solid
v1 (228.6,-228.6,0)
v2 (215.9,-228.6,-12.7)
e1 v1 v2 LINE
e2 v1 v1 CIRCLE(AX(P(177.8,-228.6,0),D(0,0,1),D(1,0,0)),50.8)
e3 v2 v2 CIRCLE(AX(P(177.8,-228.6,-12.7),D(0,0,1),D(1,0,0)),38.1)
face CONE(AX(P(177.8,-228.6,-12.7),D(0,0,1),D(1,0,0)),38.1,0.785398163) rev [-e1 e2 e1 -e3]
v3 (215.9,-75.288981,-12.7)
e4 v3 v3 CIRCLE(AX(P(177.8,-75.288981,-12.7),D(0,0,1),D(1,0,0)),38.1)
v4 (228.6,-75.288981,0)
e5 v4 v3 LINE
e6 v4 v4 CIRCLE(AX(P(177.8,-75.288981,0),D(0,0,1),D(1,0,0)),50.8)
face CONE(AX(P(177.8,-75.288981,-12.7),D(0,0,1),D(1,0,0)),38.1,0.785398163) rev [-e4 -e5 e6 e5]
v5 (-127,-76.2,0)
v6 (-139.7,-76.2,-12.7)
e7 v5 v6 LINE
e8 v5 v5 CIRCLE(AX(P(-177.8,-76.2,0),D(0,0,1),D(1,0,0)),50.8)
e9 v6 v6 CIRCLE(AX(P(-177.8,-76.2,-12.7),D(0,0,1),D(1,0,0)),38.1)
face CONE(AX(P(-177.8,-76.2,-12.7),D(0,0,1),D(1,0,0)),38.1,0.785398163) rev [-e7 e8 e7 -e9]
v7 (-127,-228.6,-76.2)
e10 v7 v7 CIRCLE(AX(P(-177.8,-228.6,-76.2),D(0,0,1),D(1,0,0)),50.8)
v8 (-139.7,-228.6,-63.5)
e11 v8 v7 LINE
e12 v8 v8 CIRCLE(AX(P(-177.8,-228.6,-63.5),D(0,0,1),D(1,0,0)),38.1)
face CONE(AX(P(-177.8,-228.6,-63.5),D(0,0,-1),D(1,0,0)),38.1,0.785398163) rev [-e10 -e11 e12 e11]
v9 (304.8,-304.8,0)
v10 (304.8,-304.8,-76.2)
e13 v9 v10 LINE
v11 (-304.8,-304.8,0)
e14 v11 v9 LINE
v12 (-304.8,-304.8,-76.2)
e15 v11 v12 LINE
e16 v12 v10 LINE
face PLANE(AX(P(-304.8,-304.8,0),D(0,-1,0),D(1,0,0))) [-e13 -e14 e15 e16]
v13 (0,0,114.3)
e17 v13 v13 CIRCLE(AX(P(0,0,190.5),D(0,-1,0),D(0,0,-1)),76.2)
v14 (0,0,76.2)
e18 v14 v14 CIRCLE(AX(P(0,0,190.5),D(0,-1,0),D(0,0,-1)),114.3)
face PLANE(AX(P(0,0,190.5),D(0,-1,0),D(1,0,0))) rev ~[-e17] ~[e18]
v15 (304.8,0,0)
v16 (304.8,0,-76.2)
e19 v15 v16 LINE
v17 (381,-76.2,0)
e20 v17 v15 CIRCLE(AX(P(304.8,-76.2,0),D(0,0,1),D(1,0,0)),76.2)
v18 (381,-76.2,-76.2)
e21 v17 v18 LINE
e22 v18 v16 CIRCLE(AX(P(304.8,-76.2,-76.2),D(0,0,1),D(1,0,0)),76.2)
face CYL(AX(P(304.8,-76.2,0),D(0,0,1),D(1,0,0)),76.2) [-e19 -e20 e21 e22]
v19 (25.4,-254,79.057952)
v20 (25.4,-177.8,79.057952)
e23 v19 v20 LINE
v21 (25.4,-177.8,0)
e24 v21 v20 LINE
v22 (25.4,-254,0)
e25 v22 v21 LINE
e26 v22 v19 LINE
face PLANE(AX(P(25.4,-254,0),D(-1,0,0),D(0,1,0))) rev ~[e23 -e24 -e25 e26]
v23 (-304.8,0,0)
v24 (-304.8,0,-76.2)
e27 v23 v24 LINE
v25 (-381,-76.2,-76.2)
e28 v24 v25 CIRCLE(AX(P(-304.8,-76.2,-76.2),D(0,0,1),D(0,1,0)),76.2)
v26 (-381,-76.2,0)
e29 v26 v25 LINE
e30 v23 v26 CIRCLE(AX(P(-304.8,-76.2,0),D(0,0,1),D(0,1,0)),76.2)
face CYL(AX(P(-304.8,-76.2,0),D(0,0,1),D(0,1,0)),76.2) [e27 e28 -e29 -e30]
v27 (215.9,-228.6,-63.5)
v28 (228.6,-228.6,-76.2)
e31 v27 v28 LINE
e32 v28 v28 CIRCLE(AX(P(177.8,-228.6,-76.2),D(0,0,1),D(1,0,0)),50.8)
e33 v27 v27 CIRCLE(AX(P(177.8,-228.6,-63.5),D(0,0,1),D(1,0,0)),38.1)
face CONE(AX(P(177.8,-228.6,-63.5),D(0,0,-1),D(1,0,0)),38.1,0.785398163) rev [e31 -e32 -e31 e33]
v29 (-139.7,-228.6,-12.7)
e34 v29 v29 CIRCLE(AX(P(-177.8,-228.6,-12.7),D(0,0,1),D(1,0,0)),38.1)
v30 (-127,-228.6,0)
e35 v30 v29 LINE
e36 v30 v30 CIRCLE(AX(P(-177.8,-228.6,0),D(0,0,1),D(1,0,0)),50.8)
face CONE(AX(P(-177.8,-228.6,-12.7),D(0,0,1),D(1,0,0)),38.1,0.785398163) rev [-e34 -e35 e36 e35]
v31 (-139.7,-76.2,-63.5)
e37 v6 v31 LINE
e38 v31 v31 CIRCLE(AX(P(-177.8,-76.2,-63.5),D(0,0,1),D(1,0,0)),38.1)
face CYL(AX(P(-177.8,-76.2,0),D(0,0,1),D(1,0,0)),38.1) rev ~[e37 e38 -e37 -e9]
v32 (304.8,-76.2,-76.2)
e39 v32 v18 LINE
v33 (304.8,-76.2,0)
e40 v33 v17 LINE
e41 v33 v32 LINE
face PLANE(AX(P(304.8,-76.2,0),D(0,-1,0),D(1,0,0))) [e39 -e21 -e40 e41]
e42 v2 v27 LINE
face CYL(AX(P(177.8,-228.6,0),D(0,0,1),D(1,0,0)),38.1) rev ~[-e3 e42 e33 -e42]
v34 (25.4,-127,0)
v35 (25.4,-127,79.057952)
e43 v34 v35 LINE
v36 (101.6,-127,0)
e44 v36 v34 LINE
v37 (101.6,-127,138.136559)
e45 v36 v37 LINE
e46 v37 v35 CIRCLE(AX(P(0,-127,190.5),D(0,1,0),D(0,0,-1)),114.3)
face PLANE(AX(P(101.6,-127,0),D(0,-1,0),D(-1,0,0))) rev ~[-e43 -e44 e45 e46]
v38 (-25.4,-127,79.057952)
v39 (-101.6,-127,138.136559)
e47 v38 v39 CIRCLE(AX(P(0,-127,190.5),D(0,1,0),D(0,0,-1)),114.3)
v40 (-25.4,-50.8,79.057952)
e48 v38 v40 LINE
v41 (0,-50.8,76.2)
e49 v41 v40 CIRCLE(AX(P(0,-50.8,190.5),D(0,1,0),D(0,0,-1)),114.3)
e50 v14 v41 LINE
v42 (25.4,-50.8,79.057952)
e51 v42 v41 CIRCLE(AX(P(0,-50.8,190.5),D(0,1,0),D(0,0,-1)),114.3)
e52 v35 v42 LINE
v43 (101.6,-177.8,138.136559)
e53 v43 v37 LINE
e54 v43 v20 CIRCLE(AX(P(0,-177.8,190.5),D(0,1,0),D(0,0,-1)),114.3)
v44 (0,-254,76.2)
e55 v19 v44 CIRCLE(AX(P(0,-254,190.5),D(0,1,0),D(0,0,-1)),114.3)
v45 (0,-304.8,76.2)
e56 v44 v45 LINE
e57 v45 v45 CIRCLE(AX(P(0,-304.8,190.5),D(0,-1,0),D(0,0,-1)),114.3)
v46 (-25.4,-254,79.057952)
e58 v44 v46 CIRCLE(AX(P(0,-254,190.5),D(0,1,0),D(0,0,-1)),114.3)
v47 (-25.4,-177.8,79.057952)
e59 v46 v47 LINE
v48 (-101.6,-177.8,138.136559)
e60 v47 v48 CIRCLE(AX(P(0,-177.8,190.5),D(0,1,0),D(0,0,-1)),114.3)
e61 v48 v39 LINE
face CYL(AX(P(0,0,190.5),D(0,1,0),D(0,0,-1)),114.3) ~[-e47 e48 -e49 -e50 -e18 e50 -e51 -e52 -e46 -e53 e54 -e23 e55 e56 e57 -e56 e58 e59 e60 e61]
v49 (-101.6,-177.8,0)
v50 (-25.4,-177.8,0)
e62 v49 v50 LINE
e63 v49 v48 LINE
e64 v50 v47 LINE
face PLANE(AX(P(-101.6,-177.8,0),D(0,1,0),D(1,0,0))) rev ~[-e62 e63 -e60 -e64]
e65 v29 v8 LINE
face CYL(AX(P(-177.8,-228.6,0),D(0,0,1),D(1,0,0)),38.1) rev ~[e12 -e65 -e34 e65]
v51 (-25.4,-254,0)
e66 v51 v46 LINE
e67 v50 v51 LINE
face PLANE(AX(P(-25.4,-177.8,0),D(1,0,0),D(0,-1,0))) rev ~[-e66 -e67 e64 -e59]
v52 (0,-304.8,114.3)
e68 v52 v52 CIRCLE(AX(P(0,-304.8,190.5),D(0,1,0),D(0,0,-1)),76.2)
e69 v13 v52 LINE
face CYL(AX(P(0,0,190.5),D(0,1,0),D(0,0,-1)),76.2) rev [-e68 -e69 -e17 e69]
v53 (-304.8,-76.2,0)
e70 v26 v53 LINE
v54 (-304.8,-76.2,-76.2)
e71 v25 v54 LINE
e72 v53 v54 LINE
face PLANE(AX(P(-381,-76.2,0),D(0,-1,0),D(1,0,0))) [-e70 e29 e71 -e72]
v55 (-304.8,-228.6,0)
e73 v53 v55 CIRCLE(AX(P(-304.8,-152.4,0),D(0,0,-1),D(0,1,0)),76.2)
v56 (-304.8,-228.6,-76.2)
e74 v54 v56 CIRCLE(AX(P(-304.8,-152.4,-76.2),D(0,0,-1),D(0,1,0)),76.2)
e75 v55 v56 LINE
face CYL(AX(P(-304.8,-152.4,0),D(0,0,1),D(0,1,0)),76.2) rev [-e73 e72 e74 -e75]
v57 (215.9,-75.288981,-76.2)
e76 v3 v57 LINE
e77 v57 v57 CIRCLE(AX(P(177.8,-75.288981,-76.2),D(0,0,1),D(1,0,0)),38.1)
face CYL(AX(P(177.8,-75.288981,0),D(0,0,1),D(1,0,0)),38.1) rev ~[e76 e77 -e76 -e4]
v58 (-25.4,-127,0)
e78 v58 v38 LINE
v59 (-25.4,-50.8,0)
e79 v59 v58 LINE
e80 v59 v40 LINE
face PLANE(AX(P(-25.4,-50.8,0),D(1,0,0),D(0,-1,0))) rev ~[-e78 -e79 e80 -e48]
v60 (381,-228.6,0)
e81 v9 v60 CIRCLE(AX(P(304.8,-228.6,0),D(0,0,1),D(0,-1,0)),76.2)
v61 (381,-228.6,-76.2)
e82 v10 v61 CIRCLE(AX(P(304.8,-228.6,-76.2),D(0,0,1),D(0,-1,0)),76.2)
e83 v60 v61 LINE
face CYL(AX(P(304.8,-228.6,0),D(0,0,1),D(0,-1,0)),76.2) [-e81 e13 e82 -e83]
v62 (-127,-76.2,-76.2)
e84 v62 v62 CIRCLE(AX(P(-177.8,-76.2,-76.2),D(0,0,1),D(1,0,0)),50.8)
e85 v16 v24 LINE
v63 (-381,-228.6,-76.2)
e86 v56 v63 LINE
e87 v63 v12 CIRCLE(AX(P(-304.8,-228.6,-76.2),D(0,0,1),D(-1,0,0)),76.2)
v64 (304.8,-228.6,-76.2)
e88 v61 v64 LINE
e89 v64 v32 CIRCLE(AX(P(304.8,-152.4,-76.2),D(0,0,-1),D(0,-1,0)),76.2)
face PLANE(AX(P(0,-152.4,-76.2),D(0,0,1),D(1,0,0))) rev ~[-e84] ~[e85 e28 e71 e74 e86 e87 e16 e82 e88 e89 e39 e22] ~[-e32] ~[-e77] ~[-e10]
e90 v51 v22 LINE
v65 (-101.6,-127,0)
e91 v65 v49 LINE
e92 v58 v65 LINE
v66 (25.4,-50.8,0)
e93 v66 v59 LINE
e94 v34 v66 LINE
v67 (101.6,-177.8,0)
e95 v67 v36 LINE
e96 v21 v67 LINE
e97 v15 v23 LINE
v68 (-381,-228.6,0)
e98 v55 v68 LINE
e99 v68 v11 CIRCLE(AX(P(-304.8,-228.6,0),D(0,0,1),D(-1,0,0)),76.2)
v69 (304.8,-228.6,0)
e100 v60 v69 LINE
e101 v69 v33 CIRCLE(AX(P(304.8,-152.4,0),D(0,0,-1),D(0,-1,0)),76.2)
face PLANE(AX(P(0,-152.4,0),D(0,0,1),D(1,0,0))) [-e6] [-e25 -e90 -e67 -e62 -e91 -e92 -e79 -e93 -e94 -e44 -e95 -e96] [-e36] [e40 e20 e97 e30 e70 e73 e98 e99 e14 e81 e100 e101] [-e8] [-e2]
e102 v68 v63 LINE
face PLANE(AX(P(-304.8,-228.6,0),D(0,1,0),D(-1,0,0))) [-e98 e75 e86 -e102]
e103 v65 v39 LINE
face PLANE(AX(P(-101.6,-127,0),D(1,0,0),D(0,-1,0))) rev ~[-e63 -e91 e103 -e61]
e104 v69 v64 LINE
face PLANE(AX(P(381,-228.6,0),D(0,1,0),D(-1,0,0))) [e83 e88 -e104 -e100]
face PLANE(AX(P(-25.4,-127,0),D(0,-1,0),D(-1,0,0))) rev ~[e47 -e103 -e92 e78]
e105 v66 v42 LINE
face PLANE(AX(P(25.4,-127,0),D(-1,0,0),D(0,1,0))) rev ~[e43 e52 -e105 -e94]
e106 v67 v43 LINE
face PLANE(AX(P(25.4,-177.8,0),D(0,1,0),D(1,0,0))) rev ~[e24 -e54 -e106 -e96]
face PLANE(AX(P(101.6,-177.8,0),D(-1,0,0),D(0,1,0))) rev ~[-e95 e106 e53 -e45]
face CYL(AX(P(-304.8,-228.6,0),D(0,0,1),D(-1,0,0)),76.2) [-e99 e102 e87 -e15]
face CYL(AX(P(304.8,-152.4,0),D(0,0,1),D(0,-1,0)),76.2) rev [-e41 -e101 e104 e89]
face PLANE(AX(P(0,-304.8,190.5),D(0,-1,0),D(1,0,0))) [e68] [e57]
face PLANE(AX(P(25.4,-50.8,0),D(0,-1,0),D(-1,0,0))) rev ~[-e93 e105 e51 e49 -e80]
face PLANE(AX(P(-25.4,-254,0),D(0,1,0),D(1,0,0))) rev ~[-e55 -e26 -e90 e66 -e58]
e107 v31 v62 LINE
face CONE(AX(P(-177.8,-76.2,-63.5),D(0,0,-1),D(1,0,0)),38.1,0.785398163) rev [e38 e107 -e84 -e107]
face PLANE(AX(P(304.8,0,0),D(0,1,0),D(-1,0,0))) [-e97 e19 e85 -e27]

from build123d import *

# Parameters (mm, degrees)
F0_R     = 38.1
F1_DEPTH = 76.2
F3_DEPTH = 175.006
F5_DEPTH = 304.8
F6_DEPTH = 430.022
F7_DEPTH = 172.72
F8_SIZE  = 12.7


with BuildPart() as f1:
    # F0 (on Top) → F1 (new body)
    with BuildSketch(Plane.XY):
        with BuildLine():
            Line((304.8000000003, 0), (-304.8000000003, 0))
            ThreePointArc((-304.8000000003, 0), (-358.6815367265, -22.3184632735), (-381, -76.1999999997))
            Line((-381, -76.1999999997), (-304.8000000003, -76.1999999997))
            ThreePointArc((-304.8000000003, -76.1999999997), (-228.6, -152.4), (-304.8000000003, -228.6000000003))
            Line((-304.8000000003, -228.6000000003), (-381, -228.6000000003))
            ThreePointArc((-381, -228.6000000003), (-358.6815367265, -282.4815367265), (-304.8000000003, -304.8))
            Line((-304.8000000003, -304.8), (304.8000000003, -304.8))
            ThreePointArc((304.8000000003, -304.8), (358.6815367267, -282.4815367264), (381.0000000003, -228.6))
            Line((381, -228.6000000003), (304.8000000003, -228.6000000003))
            ThreePointArc((304.8000000003, -228.6000000003), (228.6, -152.4), (304.8000000003, -76.1999999997))
            Line((304.8000000003, -76.1999999997), (381, -76.1999999997))
            ThreePointArc((381.0000000005, -76.2000000003), (358.6815367269, -22.3184632737), (304.8000000003, 0))
        make_face()
        with Locations((-177.8, -228.6)):
            Circle(F0_R, mode=Mode.SUBTRACT)
        with Locations((177.8, -228.6)):
            Circle(F0_R, mode=Mode.SUBTRACT)
        Polygon((-25.4, -114.8846255064), (-25.4, -48.2938652754), (25.4, -48.2938652754), (25.4, -114.8846255064), (101.6, -114.8846255064), (101.6, -165.6846255064), (25.4, -165.6846255064), (25.4, -241.8846255064), (-25.4, -241.8846255064), (-25.4, -165.6846255064), (-101.6, -165.6846255064), (-101.6, -114.8846255064), align=None, mode=Mode.SUBTRACT)
        with Locations((-177.7999999997, -76.2)):
            Circle(F0_R, mode=Mode.SUBTRACT)
        with Locations((177.8, -75.2889811993)):
            Circle(F0_R, mode=Mode.SUBTRACT)
        with Locations((-177.7999999997, -76.2)):
            Circle(F0_R)
        Polygon((25.4, -48.2938652754), (-25.4, -48.2938652754), (-25.4, -114.8846255064), (-101.6, -114.8846255064), (-101.6, -165.6846255064), (-25.4, -165.6846255064), (-25.4, -241.8846255064), (25.4, -241.8846255064), (25.4, -165.6846255064), (101.6, -165.6846255064), (101.6, -114.8846255064), (25.4, -114.8846255064), align=None)
        with Locations((177.8, -75.2889811993)):
            Circle(F0_R)
        with Locations((177.8, -228.6)):
            Circle(F0_R)
        with Locations((-177.8, -228.6)):
            Circle(F0_R)
    extrude(amount=-F1_DEPTH)

    # F2 (on Top) → F3 (join)
    with BuildSketch(Plane.XY):
        Polygon((25.4, -50.8), (-25.4, -50.8), (-25.4, -127), (-101.6, -127), (-101.6, -177.8), (-25.4, -177.8), (-25.4, -254), (25.4, -254), (25.4, -177.8), (101.6, -177.8), (101.6, -127), (25.4, -127), align=None)
    extrude(amount=F3_DEPTH)

    # F4 (on Front) → F5 (join)
    with BuildSketch(Plane.XZ):
        with BuildLine():
            ThreePointArc((114.3, 190.5), (-80.8223050896, 271.3223050896), (0, 76.2))
            ThreePointArc((0, 76.2), (80.8223050896, 109.6776949104), (114.3, 190.5))
        make_face()
        with BuildLine():
            ThreePointArc((76.2, 190.5), (53.8815367264, 136.6184632736), (0, 114.3))
            ThreePointArc((0, 114.3), (-53.8815367264, 244.3815367264), (76.2, 190.5))
        make_face(mode=Mode.SUBTRACT)
        with BuildLine():
            ThreePointArc((76.2, 190.5), (-53.8815367264, 244.3815367264), (0, 114.3))
            ThreePointArc((0, 114.3), (53.8815367264, 136.6184632736), (76.2, 190.5))
        make_face()
    extrude(amount=F5_DEPTH)

    # F4 (on Front) → F6 (cut)
    with BuildSketch(Plane.XZ):
        with BuildLine():
            ThreePointArc((76.2, 190.5), (-53.8815367264, 244.3815367264), (0, 114.3))
            ThreePointArc((0, 114.3), (53.8815367264, 136.6184632736), (76.2, 190.5))
        make_face()
    extrude(amount=F6_DEPTH, mode=Mode.SUBTRACT)

    # F0 (on Top) → F7 (cut)
    with BuildSketch(Plane.XY):
        with Locations((-177.7999999997, -76.2)):
            Circle(F0_R)
        with Locations((-177.8, -228.6)):
            Circle(F0_R)
        with Locations((177.8, -75.2889811993)):
            Circle(F0_R)
        with Locations((177.8, -228.6)):
            Circle(F0_R)
    extrude(amount=-F7_DEPTH, mode=Mode.SUBTRACT)

    # F8
    f8_edges = [f1.edges().sort_by_distance(p)[0] for p in [
        (139.7, -75.288981, 0),
        (139.7, -228.6, 0),
        (215.9, -228.6, -38.1),
        (139.7, -228.6, -76.2),
        (-215.9, -228.6, 0),
        (-139.7, -228.6, -38.1),
        (-215.9, -228.6, -76.2),
        (-215.9, -76.2, 0),
        (-139.7, -76.2, -38.1),
        (-215.9, -76.2, -76.2),
    ]]
    chamfer(f8_edges, length=F8_SIZE)


solid = f1.part
